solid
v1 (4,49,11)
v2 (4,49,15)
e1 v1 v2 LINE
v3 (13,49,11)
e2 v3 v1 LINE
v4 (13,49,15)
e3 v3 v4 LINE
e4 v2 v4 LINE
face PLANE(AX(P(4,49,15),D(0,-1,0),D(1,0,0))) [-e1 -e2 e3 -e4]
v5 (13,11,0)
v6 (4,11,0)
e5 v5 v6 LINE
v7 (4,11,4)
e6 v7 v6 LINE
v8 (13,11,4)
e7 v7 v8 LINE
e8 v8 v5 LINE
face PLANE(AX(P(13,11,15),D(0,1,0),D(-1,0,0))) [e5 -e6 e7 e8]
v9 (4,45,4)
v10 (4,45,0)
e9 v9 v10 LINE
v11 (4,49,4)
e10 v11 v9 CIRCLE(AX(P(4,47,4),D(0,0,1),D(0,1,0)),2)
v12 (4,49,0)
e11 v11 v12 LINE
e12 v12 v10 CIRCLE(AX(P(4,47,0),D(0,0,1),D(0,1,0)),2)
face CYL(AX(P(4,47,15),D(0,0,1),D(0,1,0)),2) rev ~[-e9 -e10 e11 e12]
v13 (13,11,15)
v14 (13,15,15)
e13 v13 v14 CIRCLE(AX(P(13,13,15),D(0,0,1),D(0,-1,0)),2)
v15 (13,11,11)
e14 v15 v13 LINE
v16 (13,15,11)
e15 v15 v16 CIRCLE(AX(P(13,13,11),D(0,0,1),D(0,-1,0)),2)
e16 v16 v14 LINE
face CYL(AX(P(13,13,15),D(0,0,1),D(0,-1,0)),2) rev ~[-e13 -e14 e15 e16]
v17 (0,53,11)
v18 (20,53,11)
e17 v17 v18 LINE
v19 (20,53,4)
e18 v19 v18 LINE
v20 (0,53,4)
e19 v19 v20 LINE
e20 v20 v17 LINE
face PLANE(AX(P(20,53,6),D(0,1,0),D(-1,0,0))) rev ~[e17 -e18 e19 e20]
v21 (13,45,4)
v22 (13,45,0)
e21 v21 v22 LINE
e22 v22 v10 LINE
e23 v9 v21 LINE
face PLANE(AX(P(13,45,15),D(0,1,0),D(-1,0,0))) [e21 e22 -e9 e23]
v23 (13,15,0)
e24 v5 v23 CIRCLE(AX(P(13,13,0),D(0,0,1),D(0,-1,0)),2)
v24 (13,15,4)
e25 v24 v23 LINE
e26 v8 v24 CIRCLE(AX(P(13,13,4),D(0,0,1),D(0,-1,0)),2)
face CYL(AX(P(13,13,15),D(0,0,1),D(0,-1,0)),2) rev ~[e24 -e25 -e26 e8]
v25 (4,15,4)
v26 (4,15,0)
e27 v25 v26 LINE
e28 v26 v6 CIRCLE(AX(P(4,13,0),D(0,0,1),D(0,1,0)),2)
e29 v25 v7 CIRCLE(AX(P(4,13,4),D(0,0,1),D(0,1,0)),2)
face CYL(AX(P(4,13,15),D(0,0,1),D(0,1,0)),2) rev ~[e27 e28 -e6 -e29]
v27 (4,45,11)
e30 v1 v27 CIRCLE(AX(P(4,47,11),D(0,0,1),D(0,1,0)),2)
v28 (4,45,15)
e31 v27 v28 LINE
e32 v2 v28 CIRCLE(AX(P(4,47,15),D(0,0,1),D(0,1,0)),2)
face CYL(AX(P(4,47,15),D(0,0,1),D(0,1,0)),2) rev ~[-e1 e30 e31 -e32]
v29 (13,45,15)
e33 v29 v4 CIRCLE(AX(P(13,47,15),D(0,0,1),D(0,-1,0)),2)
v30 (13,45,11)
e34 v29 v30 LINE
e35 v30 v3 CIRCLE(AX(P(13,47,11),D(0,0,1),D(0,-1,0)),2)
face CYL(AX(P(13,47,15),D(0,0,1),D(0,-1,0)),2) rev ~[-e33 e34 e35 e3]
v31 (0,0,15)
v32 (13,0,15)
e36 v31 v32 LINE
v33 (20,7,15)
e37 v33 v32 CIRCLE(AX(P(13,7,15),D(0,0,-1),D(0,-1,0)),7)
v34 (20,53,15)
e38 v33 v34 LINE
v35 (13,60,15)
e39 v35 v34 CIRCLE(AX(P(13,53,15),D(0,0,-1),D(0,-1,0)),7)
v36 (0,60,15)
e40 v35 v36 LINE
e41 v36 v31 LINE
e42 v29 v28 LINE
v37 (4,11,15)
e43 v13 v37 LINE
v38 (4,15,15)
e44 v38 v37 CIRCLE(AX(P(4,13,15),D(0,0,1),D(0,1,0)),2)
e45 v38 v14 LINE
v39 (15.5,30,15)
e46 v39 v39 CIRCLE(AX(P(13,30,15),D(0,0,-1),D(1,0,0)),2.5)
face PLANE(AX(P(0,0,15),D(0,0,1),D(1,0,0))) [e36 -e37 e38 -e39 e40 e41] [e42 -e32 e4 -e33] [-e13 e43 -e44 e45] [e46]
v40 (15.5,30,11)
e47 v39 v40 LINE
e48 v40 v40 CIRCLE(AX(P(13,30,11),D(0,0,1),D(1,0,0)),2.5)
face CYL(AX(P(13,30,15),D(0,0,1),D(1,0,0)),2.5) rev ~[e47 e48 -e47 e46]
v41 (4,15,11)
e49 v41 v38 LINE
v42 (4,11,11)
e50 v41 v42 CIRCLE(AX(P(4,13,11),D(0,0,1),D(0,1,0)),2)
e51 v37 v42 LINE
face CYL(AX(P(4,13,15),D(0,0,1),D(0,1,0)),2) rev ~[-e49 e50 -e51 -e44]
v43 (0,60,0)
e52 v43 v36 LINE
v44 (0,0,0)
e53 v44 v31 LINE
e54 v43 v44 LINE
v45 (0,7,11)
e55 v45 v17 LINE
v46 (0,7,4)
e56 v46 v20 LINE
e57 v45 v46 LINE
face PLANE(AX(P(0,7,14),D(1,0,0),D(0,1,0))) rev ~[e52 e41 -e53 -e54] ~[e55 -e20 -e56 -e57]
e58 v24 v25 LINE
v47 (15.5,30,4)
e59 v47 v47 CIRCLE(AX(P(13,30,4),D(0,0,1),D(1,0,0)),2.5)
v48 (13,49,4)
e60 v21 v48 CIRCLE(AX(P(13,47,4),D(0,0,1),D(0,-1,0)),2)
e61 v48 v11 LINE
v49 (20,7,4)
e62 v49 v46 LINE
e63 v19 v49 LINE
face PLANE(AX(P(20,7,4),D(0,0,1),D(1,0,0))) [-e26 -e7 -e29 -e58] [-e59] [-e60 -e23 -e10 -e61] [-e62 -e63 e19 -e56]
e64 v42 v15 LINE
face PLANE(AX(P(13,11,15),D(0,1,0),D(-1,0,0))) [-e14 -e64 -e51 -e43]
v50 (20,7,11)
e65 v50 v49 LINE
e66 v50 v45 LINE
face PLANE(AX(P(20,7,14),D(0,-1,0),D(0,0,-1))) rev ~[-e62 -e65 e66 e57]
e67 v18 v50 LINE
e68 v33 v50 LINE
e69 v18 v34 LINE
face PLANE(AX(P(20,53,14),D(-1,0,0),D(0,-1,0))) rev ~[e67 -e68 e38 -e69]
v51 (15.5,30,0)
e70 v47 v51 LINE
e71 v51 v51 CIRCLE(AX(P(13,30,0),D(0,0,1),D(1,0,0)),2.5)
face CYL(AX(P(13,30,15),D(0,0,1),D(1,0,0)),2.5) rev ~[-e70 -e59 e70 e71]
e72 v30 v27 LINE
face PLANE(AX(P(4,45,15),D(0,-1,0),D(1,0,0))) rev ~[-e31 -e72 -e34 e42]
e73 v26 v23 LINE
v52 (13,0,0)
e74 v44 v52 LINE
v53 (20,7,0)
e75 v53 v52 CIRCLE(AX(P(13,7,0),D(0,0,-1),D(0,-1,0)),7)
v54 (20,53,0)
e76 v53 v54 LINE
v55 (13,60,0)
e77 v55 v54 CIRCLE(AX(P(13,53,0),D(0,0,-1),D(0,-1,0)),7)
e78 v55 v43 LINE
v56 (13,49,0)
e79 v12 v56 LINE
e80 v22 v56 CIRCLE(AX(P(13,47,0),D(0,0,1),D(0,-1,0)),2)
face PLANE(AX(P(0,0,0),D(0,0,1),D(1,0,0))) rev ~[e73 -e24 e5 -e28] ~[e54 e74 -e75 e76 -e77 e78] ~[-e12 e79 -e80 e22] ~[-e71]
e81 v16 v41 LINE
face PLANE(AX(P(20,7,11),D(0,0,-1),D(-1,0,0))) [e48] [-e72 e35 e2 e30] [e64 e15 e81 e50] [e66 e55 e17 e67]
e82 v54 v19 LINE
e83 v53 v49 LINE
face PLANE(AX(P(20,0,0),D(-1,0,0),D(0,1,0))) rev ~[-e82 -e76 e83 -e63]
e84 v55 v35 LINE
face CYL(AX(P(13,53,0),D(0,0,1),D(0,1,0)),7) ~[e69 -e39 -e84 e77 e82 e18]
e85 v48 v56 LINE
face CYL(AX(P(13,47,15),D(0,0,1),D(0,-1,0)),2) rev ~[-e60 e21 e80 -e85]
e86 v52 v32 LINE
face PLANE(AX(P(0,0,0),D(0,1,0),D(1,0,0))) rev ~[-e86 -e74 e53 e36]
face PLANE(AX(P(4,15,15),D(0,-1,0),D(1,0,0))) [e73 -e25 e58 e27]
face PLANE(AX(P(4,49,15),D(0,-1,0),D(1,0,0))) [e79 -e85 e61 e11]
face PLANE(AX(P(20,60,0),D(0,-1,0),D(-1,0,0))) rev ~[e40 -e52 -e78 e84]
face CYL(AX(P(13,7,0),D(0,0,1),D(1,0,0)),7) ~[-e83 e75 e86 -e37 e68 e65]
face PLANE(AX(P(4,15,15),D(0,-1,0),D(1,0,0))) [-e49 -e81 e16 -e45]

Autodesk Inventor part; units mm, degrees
ref_plane "YZ Plane" through (0, 0, 0) normal (1, 0, 0) x (0, 1, 0)
ref_plane "XZ Plane" through (0, 0, 0) normal (0, 1, 0) x (-1, 0, 0)
ref_plane "XY Plane" through (0, 0, 0) normal (0, 0, 1) x (1, 0, 0)
sketch "Sketch1" plane through (0, 0, 0) normal (0, 0, 1) x (1, 0, 0)
  line L0 (0, 0) -> (20, 0)
  line L1 (20, 0) -> (20, 60)
  line L2 (20, 60) -> (0, 60)
  line L3 (0, 60) -> (0, 0)
  dimension "d0" = 20
  dimension "d1" = 60
extrude "Extrusion1" add sketch "Sketch1" along normal blind 15
fillet "Fillet1" radius 7 2 edges at (20, 60, 7.5) (20, 0, 7.5)
sketch "Sketch2" plane through (0, 0, 15) normal (0, 0, 1) x (1, 0, 0)
  arc A0 (20, 53) -> (13, 60) centre (13, 53) ccw projected
  line L0 (13, 60) -> (13, 32.5)
  line L1 (13, 60) -> (13, 47)
  arc A1 (13, 0) -> (20, 7) centre (13, 7) ccw projected
  line L2 (13, 0) -> (13, 13)
  line L3 (13, 47) -> (4, 47) construction
  line L4 (13, 45) -> (4, 45)
  line L5 (4, 49) -> (13, 49)
  arc A2 (13, 45) -> (13, 49) centre (13, 47) ccw
  arc A3 (4, 49) -> (4, 45) centre (4, 47) ccw
  line L6 (13, 13) -> (4, 13) construction
  line L7 (13, 11) -> (4, 11)
  line L8 (4, 15) -> (13, 15)
  arc A4 (13, 11) -> (13, 15) centre (13, 13) ccw
  arc A5 (4, 15) -> (4, 11) centre (4, 13) ccw
  line L9 (13, 60) -> (0, 60) projected
  line L10 (13, 60) -> (13, 30)
  circle A6 centre (13, 30) radius 2.5
  point P0 (0, 0)
  point P1 (8.5, 47)
  point P2 (8.5, 13)
  dimension "d5" = 27.5
  dimension "d7" = 13
  dimension "d8" = 13
  dimension "d13" = 30
  dimension "d14" = 5
extrude "Extrusion2" cut sketch "Sketch2" against normal through all
sketch "Sketch3" plane through (20, 7, 0) normal (1, 0, 0) x (0, 0, -1)
  line L0 (-14, 0) -> (-14, 46)
  line L1 (-14, 0) -> (-6, 0)
  line L2 (-6, 0) -> (-6, 46)
  line L3 (-6, 46) -> (-14, 46)
  line L4 (-14, 46) -> (-14, 0)
  point P0 (0, -7)
extrude "Extrusion3" cut sketch "Sketch3" against normal blind 20
sketch "Sketch4" plane through (0, 0, 15) normal (0, 0, 1) x (1, 0, 0)
  point P0 (0, 0)
sketch "Sketch5" plane through (0, 0, 15) normal (0, 0, 1) x (1, 0, 0)
  point P0 (0, 0)
sketch "Sketch6" plane through (20, 7, 14) normal (0, 0, -1) x (-1, 0, 0)
  line L0 (0, 46) -> (0, 0) projected
  line L1 (0, 0) -> (20, 0)
  line L2 (20, 0) -> (20, 46)
  line L3 (20, 46) -> (0, 46)
  line L4 (0, 46) -> (0, 0)
  point P0 (20, -7)
extrude "Extrusion4" add sketch "Sketch6" along normal blind 3
sketch "Sketch7" plane through (0, 0, 15) normal (0, 0, 1) x (1, 0, 0)
  circle A0 centre (13, 30) radius 2.5
  point P0 (0, 0)
extrude "Extrusion5" cut sketch "Sketch7" against normal through all
sketch "Sketch8" plane through (0, 0, 15) normal (0, 0, 1) x (1, 0, 0)
  arc A0 (13, 11) -> (13, 15) centre (13, 13) ccw projected
  line L0 (13, 11) -> (4, 11) projected
  line L1 (13, 11) -> (4, 11)
  line L2 (4, 11) -> (4, 11)
  line L3 (4, 11) -> (13, 11)
  line L4 (13, 11) -> (13, 11)
  arc A1 (13, 45) -> (13, 49) centre (13, 47) ccw projected
  line L5 (4, 45) -> (13, 45) projected
  line L6 (13, 45) -> (13, 45)
  line L7 (13, 45) -> (4, 45)
  line L8 (4, 45) -> (4, 45)
  line L9 (4, 45) -> (13, 45)
  arc A2 (13, 45) -> (13, 49) centre (13, 47) ccw
  arc A3 (4, 49) -> (4, 45) centre (4, 47) ccw projected
  arc A4 (4, 49) -> (4, 45) centre (4, 47) ccw
  arc A5 (13, 11) -> (13, 15) centre (13, 13) ccw
  arc A6 (4, 15) -> (4, 11) centre (4, 13) ccw
  line L10 (4, 15) -> (13, 15) projected
  line L11 (4, 15) -> (13, 15)
  line L12 (4, 49) -> (13, 49) projected
  line L13 (4, 49) -> (13, 49)
  arc A7 (4, 49) -> (4, 45) centre (4, 47) ccw projected
  line L14 (13, 45) -> (4, 45)
  arc A8 (4, 15) -> (4, 11) centre (4, 13) ccw projected
  arc A9 (4, 15) -> (4, 15) centre (4, 13) ccw
  point P0 (0, 0)
extrude "Extrusion6" cut sketch "Sketch8" against normal through all
sketch "Sketch9" plane through (20, 7, 6) normal (0, 0, 1) x (1, 0, 0)
  line L0 (0, 46) -> (-20, 46) projected
  arc A0 (-7, -7) -> (0, 0) centre (-7, 0) ccw projected
  line L1 (-20, 46) -> (0, 46)
  line L2 (0, 46) -> (0, 0)
  line L3 (0, 0) -> (-20, 0)
  line L4 (-20, 0) -> (-20, 46)
  point P0 (-20, -7)
extrude "Extrusion7" cut sketch "Sketch9" against normal blind 2
properties part number "3C_LiPoBatteryHolder_mountingBracket"
